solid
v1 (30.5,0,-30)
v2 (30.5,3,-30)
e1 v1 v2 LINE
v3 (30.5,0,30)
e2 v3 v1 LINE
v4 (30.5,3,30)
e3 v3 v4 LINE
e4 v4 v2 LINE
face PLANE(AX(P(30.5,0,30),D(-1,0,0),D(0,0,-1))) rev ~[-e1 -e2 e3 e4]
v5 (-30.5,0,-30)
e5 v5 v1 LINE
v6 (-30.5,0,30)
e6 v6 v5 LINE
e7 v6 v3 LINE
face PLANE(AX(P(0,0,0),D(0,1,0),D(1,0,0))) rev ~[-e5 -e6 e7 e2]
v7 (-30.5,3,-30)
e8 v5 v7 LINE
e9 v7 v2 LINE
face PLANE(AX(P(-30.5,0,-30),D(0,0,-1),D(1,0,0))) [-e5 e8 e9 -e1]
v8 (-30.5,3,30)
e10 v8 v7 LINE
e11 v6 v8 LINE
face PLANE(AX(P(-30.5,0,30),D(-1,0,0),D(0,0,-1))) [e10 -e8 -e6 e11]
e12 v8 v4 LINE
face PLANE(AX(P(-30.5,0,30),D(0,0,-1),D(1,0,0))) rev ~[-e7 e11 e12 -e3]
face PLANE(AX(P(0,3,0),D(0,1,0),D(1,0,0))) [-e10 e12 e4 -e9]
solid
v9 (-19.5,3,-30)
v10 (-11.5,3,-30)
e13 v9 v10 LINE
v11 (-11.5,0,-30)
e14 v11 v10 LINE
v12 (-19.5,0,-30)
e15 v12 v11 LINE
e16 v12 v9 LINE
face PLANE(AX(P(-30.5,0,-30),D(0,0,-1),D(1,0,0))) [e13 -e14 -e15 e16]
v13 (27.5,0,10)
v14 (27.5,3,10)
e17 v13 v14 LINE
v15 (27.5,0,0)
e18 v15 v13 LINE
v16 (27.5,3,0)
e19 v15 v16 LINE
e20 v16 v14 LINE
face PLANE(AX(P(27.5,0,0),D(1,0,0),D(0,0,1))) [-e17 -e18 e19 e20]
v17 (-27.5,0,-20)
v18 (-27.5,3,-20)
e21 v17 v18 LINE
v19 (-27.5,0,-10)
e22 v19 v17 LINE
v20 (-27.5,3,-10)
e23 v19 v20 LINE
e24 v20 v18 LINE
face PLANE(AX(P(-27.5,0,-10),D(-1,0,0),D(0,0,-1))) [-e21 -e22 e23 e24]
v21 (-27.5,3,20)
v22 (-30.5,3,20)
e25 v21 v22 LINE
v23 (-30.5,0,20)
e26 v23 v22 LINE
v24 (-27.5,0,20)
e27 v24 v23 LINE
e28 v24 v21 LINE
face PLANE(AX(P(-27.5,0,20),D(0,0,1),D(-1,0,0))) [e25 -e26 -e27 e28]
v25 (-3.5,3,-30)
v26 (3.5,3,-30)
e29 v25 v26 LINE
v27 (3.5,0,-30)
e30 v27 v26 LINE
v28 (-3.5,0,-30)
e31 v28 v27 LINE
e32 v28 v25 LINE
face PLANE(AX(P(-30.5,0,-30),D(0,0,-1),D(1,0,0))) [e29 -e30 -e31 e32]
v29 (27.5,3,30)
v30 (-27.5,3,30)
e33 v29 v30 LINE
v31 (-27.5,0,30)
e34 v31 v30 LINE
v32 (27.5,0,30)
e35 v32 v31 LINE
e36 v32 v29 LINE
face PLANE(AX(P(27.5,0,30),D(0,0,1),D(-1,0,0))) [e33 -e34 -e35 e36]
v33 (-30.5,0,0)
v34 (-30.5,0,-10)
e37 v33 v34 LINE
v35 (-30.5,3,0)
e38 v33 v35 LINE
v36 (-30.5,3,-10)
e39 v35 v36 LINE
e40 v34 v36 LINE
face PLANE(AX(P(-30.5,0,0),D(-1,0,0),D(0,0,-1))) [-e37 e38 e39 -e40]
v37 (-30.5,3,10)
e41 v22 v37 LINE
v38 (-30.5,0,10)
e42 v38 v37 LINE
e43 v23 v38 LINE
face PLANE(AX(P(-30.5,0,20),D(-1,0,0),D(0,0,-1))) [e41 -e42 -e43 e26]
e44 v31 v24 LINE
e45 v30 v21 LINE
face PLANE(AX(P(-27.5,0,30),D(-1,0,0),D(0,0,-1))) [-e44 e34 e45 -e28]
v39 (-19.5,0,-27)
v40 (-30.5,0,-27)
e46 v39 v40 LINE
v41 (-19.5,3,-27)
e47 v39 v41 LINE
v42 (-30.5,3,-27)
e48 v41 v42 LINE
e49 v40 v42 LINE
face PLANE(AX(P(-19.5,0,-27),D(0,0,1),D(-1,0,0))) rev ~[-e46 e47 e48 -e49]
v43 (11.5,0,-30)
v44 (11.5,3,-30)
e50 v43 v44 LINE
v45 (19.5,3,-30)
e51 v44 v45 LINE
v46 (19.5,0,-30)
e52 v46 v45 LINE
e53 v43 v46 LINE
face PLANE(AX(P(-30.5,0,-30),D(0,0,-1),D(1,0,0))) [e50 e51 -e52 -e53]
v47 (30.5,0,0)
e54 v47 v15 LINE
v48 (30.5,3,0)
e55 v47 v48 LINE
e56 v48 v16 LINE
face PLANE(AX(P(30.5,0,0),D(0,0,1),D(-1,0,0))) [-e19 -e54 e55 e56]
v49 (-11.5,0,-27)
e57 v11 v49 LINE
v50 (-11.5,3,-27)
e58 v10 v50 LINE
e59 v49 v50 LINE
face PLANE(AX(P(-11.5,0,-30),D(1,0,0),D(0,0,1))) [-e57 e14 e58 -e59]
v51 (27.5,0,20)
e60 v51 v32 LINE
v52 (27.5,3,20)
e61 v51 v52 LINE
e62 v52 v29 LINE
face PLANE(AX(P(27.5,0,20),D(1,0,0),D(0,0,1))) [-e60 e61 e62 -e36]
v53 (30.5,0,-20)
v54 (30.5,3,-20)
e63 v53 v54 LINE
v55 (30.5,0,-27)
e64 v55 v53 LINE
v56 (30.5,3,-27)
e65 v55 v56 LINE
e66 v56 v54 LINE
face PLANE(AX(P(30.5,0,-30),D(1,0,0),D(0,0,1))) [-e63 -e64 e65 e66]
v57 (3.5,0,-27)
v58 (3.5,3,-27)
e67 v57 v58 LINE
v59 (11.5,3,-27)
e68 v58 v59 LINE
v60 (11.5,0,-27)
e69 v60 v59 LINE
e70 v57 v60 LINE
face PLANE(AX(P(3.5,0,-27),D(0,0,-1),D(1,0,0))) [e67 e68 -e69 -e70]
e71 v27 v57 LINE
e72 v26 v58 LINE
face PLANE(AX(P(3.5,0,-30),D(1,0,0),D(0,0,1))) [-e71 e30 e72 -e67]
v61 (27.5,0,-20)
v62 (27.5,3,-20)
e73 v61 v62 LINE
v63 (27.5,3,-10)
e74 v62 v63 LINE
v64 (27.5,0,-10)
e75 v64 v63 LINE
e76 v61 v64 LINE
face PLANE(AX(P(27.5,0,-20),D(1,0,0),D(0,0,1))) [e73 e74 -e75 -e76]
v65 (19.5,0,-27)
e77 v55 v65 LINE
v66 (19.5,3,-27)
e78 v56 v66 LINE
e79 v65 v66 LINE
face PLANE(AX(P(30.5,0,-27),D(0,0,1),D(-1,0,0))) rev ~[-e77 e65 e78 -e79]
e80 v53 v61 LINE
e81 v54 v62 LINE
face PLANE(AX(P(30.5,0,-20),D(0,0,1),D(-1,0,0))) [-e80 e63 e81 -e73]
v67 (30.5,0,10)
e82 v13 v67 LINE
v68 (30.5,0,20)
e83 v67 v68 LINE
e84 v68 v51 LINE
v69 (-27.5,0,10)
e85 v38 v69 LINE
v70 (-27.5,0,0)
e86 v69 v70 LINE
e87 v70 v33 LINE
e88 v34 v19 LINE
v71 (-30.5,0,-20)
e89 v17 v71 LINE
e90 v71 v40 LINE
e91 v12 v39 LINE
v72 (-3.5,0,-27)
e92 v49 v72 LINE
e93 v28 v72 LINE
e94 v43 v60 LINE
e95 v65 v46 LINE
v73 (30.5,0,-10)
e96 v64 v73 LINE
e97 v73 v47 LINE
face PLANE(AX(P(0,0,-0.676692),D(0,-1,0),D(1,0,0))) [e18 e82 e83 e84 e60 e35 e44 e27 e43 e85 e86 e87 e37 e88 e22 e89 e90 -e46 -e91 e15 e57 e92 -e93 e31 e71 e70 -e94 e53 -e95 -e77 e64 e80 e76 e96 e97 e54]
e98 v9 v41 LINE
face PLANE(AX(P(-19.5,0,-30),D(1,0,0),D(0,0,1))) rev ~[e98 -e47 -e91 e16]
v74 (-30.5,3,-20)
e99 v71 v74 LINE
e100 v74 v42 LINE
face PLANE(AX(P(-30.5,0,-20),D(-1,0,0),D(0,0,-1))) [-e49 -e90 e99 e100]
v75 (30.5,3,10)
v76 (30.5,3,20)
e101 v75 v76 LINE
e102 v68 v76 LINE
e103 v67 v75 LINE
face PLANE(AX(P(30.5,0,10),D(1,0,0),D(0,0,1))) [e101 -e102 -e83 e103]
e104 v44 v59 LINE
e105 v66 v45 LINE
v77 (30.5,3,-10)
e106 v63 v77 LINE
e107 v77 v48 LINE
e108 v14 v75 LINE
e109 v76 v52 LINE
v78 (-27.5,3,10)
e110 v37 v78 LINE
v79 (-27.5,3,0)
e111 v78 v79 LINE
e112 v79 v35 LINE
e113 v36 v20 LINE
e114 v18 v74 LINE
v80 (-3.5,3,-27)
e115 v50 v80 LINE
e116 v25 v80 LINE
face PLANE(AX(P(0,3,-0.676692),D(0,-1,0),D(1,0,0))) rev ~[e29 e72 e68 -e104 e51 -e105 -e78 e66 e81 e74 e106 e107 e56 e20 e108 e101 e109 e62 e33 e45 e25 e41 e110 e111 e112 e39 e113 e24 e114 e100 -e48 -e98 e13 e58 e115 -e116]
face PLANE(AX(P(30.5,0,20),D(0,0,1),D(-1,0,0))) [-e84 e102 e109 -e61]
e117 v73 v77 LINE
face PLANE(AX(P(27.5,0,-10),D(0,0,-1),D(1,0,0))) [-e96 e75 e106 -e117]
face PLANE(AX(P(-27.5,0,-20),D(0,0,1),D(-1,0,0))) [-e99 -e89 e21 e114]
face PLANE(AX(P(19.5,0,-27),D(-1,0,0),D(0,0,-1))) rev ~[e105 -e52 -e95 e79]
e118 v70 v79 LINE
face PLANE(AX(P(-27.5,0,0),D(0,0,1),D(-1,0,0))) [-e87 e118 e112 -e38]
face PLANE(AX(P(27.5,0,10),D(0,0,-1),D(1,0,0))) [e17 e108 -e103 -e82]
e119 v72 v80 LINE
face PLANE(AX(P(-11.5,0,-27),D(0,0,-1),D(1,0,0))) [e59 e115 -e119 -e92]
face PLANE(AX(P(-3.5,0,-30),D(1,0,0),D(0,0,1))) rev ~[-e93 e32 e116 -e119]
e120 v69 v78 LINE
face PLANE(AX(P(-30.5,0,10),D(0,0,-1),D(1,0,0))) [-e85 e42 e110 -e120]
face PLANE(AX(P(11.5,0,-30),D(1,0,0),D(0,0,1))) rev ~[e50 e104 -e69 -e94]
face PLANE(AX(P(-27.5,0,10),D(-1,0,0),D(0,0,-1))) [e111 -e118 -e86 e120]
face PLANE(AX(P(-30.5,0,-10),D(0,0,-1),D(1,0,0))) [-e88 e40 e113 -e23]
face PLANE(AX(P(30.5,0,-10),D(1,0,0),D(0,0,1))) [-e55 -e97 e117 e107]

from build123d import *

# Parameters (mm, degrees)
SKETCH1_W           = 61
SKETCH1_H           = 60
BOSS_EXTRUDE1_DEPTH = 3
BOSS_EXTRUDE2_DEPTH = 3
SKETCH3_W           = 8
SKETCH3_H           = 3
CUT_EXTRUDE1_DEPTH  = 3


with BuildPart() as part:
    # Sketch1 → Boss-Extrude1 (new body)
    with BuildSketch(Plane(origin=(0, 0, 0), x_dir=(1, 0, 0), z_dir=(0, 1, 0))):
        Rectangle(SKETCH1_W, SKETCH1_H)
    extrude(amount=BOSS_EXTRUDE1_DEPTH)


with BuildPart() as body_2:
    # Sketch2 → Boss-Extrude2 (new body)
    with BuildSketch(Plane.XZ):
        Polygon((-30.5, -30), (30.5, -30), (30.5, -20), (27.5, -20), (27.5, -10), (30.5, -10), (30.5, 0), (27.5, 0), (27.5, 10), (30.5, 10), (30.5, 20), (27.5, 20), (27.5, 30), (-27.5, 30), (-27.5, 20), (-30.5, 20), (-30.5, 10), (-27.5, 10), (-27.5, 0), (-30.5, 0), (-30.5, -10), (-27.5, -10), (-27.5, -20), (-30.5, -20), align=None)
    extrude(amount=-BOSS_EXTRUDE2_DEPTH)

    # Sketch3 → Cut-Extrude1 (cut)
    with BuildSketch(Plane.XZ):
        Polygon((27.5, -27), (19.5, -27), (19.5, -30), (30.5, -30), (30.5, -27), align=None)
        with Locations((7.5, -28.5)):
            Rectangle(SKETCH3_W, SKETCH3_H)
        with Locations((-7.5, -28.5)):
            Rectangle(SKETCH3_W, SKETCH3_H)
        Polygon((-19.5, -27), (-27.5, -27), (-30.5, -27), (-30.5, -30), (-19.5, -30), align=None)
    extrude(amount=-CUT_EXTRUDE1_DEPTH, mode=Mode.SUBTRACT)


solid = Compound([part.part, body_2.part])
